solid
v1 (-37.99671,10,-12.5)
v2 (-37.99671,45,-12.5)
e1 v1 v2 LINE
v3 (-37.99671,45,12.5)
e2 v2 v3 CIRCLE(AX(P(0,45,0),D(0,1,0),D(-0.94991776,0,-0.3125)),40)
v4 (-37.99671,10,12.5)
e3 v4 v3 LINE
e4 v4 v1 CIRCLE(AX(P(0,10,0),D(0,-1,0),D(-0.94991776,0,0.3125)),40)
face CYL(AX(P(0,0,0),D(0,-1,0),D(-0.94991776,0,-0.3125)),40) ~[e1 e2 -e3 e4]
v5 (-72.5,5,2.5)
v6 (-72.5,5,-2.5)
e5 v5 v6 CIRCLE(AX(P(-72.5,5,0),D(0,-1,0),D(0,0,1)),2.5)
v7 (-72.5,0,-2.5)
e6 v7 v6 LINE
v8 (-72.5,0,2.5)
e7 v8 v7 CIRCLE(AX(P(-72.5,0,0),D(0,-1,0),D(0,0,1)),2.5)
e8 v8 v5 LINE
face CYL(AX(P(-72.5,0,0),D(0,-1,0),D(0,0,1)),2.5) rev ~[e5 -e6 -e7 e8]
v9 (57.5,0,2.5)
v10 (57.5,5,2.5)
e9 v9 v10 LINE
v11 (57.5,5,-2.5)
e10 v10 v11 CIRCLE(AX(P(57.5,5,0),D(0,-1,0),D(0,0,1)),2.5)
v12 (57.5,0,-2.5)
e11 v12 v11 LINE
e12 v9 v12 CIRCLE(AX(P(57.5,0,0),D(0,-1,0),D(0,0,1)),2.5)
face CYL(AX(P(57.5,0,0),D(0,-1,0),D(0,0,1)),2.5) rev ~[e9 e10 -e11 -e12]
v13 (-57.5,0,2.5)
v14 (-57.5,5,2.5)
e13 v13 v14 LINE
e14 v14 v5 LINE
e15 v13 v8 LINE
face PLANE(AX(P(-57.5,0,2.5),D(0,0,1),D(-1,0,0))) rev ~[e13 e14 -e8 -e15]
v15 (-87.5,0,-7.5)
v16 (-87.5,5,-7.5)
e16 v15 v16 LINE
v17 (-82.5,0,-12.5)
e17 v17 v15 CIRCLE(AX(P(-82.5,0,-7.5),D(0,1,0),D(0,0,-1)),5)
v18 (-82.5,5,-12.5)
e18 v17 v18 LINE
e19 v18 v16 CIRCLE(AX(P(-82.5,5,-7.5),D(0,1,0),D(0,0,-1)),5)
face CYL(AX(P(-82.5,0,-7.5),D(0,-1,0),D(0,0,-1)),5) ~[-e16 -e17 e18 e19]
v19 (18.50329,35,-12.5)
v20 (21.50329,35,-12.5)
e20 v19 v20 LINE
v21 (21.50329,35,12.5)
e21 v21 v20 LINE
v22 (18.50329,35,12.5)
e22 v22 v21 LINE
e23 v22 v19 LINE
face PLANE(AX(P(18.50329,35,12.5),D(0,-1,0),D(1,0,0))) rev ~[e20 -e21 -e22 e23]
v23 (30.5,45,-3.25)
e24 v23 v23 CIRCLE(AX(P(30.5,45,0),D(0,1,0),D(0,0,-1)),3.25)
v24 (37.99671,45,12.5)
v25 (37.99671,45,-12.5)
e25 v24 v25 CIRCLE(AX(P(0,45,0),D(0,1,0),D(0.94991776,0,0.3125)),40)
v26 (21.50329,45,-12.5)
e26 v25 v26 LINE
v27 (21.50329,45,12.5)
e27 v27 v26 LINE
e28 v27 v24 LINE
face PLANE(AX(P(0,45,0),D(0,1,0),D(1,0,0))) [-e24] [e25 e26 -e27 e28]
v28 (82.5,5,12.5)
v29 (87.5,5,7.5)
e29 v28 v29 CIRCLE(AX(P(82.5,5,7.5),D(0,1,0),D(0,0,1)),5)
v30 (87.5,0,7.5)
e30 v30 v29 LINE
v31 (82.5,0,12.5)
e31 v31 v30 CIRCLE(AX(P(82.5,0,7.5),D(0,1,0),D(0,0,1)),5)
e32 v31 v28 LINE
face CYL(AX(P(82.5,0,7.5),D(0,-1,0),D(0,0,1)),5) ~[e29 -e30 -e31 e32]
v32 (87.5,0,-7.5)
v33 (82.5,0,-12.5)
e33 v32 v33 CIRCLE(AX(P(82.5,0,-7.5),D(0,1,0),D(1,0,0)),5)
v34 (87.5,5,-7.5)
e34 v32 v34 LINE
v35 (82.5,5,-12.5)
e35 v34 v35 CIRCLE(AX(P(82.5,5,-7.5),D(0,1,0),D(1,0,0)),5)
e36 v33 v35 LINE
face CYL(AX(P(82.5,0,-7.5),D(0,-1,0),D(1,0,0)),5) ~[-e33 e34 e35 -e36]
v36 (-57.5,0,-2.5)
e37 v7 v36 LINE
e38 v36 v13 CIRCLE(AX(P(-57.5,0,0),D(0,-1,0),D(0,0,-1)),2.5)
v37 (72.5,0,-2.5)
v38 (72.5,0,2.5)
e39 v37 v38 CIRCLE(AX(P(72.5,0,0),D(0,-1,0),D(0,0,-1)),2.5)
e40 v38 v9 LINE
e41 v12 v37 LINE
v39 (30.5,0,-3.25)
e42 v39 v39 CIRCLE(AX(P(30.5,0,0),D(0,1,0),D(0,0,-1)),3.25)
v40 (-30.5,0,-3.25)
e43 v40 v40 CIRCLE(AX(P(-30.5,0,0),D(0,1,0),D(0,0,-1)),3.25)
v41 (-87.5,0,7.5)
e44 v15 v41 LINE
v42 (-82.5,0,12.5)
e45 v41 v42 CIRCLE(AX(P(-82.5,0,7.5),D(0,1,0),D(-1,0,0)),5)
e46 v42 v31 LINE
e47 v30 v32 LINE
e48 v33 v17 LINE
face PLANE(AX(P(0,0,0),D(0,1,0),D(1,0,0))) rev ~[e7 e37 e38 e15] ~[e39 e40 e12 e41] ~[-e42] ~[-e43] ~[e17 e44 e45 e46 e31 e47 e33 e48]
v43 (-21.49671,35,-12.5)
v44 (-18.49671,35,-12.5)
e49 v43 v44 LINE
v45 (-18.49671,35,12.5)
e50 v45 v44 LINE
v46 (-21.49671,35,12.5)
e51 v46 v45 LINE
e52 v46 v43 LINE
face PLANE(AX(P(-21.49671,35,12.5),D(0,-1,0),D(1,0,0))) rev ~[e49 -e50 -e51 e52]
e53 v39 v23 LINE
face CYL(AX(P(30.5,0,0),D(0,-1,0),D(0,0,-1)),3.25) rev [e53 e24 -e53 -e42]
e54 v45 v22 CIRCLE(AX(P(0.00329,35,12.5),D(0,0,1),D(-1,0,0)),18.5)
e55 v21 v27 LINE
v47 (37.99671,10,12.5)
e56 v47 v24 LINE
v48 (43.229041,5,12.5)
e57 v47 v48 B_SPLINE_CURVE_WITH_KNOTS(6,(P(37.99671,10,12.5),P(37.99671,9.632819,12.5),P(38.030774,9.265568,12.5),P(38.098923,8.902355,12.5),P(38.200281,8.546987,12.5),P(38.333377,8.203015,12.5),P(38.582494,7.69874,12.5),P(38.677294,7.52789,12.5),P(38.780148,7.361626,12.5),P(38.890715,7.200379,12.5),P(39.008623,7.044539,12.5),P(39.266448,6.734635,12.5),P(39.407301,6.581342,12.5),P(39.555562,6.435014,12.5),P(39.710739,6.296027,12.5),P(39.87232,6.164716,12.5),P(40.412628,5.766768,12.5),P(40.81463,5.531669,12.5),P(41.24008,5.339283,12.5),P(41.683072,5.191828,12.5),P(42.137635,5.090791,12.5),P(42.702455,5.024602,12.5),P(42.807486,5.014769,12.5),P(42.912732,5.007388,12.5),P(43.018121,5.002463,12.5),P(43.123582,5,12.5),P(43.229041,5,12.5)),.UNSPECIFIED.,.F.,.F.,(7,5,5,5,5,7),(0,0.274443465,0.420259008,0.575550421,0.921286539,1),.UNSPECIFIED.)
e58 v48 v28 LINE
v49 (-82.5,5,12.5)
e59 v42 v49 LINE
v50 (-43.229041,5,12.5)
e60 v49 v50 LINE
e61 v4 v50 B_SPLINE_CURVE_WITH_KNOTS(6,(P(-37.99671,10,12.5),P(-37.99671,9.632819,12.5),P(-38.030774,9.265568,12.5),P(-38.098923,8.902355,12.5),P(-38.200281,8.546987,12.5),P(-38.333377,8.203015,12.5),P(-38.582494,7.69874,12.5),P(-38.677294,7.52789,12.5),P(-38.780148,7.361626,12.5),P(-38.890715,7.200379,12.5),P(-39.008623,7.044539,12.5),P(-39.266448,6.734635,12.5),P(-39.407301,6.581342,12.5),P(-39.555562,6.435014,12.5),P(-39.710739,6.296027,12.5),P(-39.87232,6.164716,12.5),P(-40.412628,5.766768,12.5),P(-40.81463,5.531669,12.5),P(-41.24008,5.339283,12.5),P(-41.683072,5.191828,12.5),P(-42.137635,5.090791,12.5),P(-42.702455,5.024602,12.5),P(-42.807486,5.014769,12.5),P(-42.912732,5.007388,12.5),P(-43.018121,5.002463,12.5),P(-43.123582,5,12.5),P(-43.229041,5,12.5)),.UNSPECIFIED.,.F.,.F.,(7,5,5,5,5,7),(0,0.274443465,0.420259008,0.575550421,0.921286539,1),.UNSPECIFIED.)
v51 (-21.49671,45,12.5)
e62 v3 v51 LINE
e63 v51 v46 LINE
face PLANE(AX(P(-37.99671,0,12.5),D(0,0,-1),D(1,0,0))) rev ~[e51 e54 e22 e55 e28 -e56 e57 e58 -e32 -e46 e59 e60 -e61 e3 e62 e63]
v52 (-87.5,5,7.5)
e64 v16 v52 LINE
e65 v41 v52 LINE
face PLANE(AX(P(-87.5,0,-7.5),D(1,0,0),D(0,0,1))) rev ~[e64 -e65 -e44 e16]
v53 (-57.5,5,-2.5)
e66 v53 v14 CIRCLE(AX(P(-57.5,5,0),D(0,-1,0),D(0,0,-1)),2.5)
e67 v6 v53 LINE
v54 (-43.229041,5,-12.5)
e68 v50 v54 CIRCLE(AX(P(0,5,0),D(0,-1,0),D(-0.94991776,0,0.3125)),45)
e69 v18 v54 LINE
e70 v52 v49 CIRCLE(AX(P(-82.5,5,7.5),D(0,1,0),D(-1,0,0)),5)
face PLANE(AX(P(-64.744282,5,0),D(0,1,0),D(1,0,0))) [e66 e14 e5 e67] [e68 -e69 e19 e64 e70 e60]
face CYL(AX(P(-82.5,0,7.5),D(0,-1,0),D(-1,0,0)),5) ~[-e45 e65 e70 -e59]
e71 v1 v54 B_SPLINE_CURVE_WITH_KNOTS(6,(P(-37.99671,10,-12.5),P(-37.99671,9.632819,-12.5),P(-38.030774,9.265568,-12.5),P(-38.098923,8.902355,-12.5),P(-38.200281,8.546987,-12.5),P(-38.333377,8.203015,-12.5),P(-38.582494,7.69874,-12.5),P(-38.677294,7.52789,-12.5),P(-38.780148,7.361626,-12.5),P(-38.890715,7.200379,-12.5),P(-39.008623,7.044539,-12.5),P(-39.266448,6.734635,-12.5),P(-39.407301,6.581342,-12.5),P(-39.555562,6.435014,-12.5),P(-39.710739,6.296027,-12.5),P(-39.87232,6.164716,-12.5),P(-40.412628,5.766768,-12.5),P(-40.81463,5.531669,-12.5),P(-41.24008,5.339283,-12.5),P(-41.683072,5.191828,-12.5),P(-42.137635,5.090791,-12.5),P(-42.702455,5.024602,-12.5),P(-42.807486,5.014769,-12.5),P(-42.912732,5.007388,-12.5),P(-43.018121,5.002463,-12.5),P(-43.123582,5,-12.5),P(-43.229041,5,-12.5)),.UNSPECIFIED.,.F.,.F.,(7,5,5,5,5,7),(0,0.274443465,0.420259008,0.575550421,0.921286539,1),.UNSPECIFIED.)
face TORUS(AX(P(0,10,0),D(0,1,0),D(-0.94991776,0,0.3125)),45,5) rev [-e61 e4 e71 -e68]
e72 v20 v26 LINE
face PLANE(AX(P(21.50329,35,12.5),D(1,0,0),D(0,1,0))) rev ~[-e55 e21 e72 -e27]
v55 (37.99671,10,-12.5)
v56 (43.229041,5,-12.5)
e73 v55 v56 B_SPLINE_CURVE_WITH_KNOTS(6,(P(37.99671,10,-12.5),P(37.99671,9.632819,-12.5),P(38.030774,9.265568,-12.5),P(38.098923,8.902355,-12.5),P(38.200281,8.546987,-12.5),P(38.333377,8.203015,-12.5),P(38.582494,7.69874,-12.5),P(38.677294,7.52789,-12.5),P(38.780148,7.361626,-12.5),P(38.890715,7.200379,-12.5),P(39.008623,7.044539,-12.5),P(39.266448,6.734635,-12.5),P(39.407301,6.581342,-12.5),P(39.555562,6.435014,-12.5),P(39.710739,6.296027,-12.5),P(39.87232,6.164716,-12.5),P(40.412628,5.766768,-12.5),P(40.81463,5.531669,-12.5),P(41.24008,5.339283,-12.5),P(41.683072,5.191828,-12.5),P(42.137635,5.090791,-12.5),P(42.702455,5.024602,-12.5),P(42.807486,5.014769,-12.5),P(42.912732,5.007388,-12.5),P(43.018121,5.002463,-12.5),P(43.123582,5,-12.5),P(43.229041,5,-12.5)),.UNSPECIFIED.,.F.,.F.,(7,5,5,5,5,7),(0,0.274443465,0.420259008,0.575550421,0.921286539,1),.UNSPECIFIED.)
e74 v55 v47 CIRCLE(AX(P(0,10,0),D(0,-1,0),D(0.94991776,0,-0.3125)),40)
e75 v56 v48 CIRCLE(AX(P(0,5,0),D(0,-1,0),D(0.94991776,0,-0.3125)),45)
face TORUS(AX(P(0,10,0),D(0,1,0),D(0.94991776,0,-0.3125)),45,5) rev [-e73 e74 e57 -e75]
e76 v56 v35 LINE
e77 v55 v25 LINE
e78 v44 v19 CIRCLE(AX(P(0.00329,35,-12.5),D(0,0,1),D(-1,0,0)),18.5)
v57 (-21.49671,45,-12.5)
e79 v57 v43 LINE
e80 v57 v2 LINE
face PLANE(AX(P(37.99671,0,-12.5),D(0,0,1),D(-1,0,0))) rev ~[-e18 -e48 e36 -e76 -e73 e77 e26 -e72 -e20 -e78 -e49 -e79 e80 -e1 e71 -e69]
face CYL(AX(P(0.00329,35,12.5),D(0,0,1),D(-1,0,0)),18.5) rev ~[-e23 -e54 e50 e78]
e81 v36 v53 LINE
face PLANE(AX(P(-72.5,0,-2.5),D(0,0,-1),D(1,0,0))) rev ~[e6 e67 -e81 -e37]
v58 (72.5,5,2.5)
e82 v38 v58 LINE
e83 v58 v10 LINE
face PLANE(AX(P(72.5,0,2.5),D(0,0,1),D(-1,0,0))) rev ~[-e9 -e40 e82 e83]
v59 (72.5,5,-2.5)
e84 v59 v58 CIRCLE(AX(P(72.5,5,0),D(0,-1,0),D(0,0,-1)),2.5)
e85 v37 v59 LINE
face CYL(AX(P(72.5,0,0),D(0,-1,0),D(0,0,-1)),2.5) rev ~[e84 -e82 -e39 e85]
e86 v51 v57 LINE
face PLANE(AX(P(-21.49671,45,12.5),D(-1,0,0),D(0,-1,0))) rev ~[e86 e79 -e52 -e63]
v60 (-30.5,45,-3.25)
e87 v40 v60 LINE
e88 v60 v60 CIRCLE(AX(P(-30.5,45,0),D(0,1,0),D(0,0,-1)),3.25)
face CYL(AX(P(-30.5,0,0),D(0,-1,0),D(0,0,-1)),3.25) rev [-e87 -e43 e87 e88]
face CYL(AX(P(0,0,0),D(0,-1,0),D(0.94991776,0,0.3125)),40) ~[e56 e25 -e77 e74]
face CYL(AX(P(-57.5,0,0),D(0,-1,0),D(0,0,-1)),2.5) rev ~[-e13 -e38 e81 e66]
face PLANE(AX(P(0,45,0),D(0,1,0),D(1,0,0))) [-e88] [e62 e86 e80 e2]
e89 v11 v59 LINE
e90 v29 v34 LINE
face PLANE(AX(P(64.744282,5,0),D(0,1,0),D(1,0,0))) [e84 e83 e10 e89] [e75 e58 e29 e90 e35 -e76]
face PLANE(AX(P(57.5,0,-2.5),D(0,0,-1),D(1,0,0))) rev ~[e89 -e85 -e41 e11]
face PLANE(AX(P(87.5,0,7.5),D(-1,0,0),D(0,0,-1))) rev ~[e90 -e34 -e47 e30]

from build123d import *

# Parameters (mm, degrees)
BOSS_EXTRUDE5_DEPTH   = 5
BOSS_EXTRUDE5_2_DEPTH = 5
SKETCH1_8_R           = 3.25
BOSS_EXTRUDE6_DEPTH   = 45
FILLET3_R             = 5
FILLET4_R             = 5
CUT_EXTRUDE1_DEPTH    = 45


with BuildPart() as part:
    # Sketch1 → Boss-Extrude5 (new body)
    with BuildSketch(Plane(origin=(0, 0, 0), x_dir=(1, 0, 0), z_dir=(0, 1, 0))):
        with BuildLine():
            ThreePointArc((-82.5, 12.5), (-86.035533906, 11.035533906), (-87.5, 7.5))
            Line((-87.5, 7.5), (-87.5, -7.5))
            ThreePointArc((-87.5, -7.5), (-86.035533906, -11.035533906), (-82.5, -12.5))
            Line((-82.5, -12.5), (-37.996710384, -12.5))
            ThreePointArc((-37.996710384, -12.5), (-40, 0), (-37.996710384, 12.5))
            Line((-37.996710384, 12.5), (-82.5, 12.5))
        make_face()
        with BuildLine():
            ThreePointArc((-72.5, -2.5), (-75, 0), (-72.5, 2.5))
            Line((-72.5, 2.5), (-57.5, 2.5))
            ThreePointArc((-57.5, 2.5), (-55, 0), (-57.5, -2.5))
            Line((-57.5, -2.5), (-72.5, -2.5))
        make_face(mode=Mode.SUBTRACT)
    extrude(amount=BOSS_EXTRUDE5_DEPTH)



with BuildPart() as body_2:
    # Sketch1 → Boss-Extrude5 2 (new body)
    with BuildSketch(Plane(origin=(0, 0, 0), x_dir=(1, 0, 0), z_dir=(0, 1, 0))):
        with BuildLine():
            ThreePointArc((37.996710384, 12.5), (40, 0), (37.996710384, -12.5))
            Line((37.996710384, -12.5), (82.5, -12.5))
            ThreePointArc((82.5, -12.5), (86.035533906, -11.035533906), (87.5, -7.5))
            Line((87.5, -7.5), (87.5, 7.5))
            ThreePointArc((87.5, 7.5), (86.035533906, 11.035533906), (82.5, 12.5))
            Line((82.5, 12.5), (37.996710384, 12.5))
        make_face()
        with BuildLine():
            Line((72.5, -2.5), (57.5, -2.5))
            ThreePointArc((57.5, -2.5), (55, 0), (57.5, 2.5))
            Line((57.5, 2.5), (72.5, 2.5))
            ThreePointArc((72.5, 2.5), (75, 0), (72.5, -2.5))
        make_face(mode=Mode.SUBTRACT)
    extrude(amount=BOSS_EXTRUDE5_2_DEPTH)


with BuildPart() as part_1:
    add(part.part)

    add(body_2.part)  # Boss-Extrude6 merges body 2
    # Sketch1<8> → Boss-Extrude6 (add)
    with BuildSketch(Plane(origin=(0, 0, 0), x_dir=(1, 0, 0), z_dir=(0, 1, 0))):
        with BuildLine():
            ThreePointArc((-37.996710384, 12.5), (-40, 0), (-37.996710384, -12.5))
            Line((-37.996710384, -12.5), (37.996710384, -12.5))
            ThreePointArc((37.996710384, -12.5), (40, 0), (37.996710384, 12.5))
            Line((37.996710384, 12.5), (-37.996710384, 12.5))
        make_face()
        with Locations((-30.5, 0)):
            Circle(SKETCH1_8_R, mode=Mode.SUBTRACT)
        with Locations((30.5, 0)):
            Circle(SKETCH1_8_R, mode=Mode.SUBTRACT)
    extrude(amount=BOSS_EXTRUDE6_DEPTH)

    # Fillet3
    fillet3_edges = [part_1.edges().sort_by_distance(p)[0] for p in [
        (-40, 5, 0),
    ]]
    fillet(fillet3_edges, radius=FILLET3_R)

    # Fillet4
    fillet4_edges = [part_1.edges().sort_by_distance(p)[0] for p in [
        (40, 5, 0),
    ]]
    fillet(fillet4_edges, radius=FILLET4_R)

    # Sketch4 → Cut-Extrude1 (cut)
    with BuildSketch(Plane.XY.offset(12.5)):
        with BuildLine():
            Line((-21.496710384, 45), (-21.496710384, 35))
            Line((-21.496710384, 35), (-18.496710384, 35))
            ThreePointArc((-18.496710384, 35), (0.003289616, 16.5), (18.503289616, 35))
            Line((18.503289616, 35), (21.503289616, 35))
            Line((21.503289616, 35), (21.503289616, 45))
            Line((21.503289616, 45), (-21.496710384, 45))
        make_face()
    extrude(amount=-CUT_EXTRUDE1_DEPTH, mode=Mode.SUBTRACT)


solid = part_1.part
